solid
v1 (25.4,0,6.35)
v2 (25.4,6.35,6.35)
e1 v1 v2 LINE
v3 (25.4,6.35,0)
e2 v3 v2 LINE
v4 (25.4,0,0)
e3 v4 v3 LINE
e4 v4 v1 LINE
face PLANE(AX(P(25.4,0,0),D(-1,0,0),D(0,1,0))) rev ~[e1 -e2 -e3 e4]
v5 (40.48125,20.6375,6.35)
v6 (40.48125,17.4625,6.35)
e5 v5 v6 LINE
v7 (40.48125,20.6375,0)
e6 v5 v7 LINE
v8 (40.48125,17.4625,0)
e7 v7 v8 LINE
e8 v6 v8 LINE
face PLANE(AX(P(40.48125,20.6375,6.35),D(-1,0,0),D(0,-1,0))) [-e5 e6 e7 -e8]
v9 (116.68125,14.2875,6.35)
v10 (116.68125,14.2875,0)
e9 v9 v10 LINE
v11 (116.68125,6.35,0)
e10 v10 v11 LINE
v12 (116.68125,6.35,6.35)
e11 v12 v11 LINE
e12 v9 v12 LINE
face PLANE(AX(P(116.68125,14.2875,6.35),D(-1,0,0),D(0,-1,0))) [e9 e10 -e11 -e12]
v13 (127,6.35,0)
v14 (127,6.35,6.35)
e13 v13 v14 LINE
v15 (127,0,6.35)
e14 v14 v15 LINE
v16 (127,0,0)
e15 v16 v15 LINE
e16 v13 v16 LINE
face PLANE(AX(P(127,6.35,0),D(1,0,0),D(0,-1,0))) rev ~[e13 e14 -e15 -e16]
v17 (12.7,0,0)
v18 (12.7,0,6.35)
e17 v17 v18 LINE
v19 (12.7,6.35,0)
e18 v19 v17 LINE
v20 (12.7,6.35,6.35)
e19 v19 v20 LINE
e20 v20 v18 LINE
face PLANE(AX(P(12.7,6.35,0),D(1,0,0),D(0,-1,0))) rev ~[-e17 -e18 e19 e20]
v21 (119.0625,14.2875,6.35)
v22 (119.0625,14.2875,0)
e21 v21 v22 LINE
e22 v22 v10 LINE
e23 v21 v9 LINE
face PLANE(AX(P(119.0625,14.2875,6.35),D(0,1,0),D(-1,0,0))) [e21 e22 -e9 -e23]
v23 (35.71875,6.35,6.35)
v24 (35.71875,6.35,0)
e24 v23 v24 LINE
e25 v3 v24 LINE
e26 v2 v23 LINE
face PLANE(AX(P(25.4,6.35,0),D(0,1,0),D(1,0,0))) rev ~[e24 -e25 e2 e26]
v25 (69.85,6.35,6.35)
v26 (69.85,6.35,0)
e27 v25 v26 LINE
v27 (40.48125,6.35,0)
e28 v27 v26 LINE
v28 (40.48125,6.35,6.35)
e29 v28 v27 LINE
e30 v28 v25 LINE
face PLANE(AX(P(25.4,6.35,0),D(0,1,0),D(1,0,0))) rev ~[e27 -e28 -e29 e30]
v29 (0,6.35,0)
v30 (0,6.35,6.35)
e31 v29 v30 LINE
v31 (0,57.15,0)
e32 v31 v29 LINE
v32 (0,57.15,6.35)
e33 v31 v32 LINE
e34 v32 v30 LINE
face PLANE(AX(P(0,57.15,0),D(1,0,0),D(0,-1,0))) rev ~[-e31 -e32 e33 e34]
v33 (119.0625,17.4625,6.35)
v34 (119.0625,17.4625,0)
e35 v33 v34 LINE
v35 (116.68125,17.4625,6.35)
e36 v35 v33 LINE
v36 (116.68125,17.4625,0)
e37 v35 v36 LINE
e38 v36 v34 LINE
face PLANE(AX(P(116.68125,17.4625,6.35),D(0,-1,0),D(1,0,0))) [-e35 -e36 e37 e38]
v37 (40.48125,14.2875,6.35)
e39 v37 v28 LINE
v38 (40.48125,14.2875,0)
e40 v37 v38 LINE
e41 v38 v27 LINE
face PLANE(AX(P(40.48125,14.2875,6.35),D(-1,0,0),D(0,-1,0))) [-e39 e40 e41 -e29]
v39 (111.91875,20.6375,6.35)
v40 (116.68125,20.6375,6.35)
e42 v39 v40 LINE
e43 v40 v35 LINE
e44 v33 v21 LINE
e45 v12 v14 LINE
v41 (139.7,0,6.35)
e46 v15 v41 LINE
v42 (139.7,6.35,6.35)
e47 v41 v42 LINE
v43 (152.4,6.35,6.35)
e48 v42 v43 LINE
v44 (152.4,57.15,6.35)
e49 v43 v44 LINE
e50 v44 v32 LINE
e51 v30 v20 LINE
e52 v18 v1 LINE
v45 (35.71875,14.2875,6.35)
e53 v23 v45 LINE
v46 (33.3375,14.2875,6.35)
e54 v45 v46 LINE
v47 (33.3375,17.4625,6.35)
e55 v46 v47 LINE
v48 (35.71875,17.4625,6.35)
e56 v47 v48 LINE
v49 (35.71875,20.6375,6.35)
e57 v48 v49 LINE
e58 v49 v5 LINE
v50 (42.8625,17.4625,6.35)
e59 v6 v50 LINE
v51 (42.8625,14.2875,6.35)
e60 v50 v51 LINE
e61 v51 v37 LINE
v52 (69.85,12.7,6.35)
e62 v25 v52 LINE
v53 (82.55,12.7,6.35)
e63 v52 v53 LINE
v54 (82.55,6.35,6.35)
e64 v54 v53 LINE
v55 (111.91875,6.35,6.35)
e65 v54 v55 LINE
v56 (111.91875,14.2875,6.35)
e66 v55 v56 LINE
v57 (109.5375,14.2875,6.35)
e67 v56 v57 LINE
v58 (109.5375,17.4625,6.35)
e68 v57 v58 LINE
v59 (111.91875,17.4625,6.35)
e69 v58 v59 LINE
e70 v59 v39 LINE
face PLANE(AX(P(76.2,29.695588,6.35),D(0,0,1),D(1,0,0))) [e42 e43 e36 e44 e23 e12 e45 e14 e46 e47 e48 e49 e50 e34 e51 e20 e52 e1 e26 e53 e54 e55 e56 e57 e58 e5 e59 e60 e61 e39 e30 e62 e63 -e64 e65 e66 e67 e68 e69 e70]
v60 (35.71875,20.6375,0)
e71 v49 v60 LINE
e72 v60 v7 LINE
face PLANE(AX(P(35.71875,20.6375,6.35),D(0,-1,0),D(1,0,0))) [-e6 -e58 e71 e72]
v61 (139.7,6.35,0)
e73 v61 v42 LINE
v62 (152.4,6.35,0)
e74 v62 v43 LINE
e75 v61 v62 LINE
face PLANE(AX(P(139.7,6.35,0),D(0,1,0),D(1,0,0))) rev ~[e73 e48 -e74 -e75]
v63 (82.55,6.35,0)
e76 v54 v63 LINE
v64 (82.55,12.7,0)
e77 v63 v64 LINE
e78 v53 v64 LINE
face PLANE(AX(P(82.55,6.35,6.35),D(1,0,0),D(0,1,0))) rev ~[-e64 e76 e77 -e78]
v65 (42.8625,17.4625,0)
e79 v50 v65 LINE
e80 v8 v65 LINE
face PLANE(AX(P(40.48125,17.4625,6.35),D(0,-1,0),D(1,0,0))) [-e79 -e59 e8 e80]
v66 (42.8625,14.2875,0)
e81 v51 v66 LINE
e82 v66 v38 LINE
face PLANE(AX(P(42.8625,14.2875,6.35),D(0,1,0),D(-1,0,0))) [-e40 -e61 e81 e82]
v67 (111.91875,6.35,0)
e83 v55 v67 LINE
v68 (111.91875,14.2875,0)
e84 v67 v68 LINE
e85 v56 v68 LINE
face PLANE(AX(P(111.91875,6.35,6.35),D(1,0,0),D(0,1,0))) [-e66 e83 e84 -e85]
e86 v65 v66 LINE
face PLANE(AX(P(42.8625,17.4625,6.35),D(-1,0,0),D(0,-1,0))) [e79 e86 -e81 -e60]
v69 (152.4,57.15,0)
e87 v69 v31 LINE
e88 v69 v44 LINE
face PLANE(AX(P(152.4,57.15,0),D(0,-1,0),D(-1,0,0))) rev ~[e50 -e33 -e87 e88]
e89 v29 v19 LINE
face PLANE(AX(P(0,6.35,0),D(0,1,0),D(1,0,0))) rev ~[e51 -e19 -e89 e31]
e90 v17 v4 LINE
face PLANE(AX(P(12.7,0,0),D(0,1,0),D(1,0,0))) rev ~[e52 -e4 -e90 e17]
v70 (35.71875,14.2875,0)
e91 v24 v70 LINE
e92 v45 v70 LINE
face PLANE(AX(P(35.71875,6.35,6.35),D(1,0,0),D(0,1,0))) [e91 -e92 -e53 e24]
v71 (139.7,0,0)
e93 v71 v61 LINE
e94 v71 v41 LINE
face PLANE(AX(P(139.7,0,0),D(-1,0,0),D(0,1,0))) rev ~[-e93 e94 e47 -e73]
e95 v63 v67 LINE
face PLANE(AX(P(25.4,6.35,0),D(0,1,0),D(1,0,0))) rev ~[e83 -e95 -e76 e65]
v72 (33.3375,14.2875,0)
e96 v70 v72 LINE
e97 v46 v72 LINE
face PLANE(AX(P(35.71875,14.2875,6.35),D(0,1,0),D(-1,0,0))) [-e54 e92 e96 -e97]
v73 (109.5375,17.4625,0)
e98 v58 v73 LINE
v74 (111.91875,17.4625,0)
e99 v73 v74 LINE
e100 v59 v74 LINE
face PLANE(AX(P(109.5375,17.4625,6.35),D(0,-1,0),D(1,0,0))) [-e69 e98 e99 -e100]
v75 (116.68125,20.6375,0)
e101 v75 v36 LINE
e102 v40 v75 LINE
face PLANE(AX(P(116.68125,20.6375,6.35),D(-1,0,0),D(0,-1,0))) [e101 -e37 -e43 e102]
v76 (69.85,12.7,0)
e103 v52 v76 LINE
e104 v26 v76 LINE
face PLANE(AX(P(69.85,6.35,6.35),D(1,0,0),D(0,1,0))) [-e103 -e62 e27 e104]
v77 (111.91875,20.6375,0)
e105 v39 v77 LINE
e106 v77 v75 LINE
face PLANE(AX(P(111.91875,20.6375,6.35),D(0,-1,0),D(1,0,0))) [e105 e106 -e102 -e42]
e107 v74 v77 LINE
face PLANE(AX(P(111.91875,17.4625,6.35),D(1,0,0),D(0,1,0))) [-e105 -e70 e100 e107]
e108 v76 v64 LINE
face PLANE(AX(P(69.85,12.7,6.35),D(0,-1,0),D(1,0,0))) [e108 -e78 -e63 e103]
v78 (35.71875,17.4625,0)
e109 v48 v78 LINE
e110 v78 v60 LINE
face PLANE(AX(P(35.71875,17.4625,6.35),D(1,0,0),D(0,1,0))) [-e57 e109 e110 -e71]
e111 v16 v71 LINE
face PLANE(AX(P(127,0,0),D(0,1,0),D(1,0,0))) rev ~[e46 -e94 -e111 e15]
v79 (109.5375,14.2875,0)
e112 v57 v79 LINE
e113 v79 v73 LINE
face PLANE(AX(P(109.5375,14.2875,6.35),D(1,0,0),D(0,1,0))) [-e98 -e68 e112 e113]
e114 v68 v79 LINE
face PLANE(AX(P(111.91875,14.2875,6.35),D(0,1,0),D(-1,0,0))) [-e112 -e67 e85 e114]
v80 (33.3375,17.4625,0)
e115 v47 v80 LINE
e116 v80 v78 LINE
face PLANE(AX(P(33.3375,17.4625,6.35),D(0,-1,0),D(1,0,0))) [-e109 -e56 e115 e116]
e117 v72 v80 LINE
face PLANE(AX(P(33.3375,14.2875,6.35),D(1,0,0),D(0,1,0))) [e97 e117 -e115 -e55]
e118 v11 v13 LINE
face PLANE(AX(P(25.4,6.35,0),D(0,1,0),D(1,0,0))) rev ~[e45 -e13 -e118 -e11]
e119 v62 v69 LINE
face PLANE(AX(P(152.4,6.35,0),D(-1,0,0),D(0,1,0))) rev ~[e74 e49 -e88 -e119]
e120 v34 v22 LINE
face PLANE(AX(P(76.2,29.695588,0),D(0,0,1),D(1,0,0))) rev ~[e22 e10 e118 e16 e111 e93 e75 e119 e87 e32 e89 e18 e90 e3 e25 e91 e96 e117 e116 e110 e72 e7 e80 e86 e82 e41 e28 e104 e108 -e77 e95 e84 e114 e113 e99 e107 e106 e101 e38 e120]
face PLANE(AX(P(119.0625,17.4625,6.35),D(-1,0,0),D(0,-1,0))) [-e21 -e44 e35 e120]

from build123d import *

# Parameters (mm, degrees)
BOSS_EXTRUDE1_DEPTH = 6.35
SKETCH2_W           = 12.7
SKETCH2_H           = 6.35
CUT_EXTRUDE1_DEPTH  = 6.35


with BuildPart() as part:
    # Sketch1 → Boss-Extrude1 (new body)
    with BuildSketch(Plane.XY):
        Polygon((139.7, 6.35), (152.4, 6.35), (152.4, 57.15), (0, 57.15), (0, 6.35), (12.7, 6.35), (12.7, 0), (25.4, 0), (25.4, 6.35), (127, 6.35), (127, 0), (139.7, 0), align=None)
    extrude(amount=BOSS_EXTRUDE1_DEPTH)

    # Sketch2 → Cut-Extrude1 (cut)
    with BuildSketch(Plane.XY.offset(6.35)):
        Polygon((111.91875, 6.35), (111.91875, 14.2875), (109.5375, 14.2875), (109.5375, 17.4625), (111.91875, 17.4625), (111.91875, 20.6375), (116.68125, 20.6375), (116.68125, 17.4625), (119.0625, 17.4625), (119.0625, 14.2875), (116.68125, 14.2875), (116.68125, 6.35), align=None)
        Polygon((42.8625, 17.4625), (42.8625, 14.2875), (40.48125, 14.2875), (40.48125, 6.35), (35.71875, 6.35), (35.71875, 14.2875), (33.3375, 14.2875), (33.3375, 17.4625), (35.71875, 17.4625), (35.71875, 20.6375), (40.48125, 20.6375), (40.48125, 17.4625), align=None)
        with Locations((76.2, 9.525)):
            Rectangle(SKETCH2_W, SKETCH2_H)
    extrude(amount=-CUT_EXTRUDE1_DEPTH, mode=Mode.SUBTRACT)


solid = part.part
